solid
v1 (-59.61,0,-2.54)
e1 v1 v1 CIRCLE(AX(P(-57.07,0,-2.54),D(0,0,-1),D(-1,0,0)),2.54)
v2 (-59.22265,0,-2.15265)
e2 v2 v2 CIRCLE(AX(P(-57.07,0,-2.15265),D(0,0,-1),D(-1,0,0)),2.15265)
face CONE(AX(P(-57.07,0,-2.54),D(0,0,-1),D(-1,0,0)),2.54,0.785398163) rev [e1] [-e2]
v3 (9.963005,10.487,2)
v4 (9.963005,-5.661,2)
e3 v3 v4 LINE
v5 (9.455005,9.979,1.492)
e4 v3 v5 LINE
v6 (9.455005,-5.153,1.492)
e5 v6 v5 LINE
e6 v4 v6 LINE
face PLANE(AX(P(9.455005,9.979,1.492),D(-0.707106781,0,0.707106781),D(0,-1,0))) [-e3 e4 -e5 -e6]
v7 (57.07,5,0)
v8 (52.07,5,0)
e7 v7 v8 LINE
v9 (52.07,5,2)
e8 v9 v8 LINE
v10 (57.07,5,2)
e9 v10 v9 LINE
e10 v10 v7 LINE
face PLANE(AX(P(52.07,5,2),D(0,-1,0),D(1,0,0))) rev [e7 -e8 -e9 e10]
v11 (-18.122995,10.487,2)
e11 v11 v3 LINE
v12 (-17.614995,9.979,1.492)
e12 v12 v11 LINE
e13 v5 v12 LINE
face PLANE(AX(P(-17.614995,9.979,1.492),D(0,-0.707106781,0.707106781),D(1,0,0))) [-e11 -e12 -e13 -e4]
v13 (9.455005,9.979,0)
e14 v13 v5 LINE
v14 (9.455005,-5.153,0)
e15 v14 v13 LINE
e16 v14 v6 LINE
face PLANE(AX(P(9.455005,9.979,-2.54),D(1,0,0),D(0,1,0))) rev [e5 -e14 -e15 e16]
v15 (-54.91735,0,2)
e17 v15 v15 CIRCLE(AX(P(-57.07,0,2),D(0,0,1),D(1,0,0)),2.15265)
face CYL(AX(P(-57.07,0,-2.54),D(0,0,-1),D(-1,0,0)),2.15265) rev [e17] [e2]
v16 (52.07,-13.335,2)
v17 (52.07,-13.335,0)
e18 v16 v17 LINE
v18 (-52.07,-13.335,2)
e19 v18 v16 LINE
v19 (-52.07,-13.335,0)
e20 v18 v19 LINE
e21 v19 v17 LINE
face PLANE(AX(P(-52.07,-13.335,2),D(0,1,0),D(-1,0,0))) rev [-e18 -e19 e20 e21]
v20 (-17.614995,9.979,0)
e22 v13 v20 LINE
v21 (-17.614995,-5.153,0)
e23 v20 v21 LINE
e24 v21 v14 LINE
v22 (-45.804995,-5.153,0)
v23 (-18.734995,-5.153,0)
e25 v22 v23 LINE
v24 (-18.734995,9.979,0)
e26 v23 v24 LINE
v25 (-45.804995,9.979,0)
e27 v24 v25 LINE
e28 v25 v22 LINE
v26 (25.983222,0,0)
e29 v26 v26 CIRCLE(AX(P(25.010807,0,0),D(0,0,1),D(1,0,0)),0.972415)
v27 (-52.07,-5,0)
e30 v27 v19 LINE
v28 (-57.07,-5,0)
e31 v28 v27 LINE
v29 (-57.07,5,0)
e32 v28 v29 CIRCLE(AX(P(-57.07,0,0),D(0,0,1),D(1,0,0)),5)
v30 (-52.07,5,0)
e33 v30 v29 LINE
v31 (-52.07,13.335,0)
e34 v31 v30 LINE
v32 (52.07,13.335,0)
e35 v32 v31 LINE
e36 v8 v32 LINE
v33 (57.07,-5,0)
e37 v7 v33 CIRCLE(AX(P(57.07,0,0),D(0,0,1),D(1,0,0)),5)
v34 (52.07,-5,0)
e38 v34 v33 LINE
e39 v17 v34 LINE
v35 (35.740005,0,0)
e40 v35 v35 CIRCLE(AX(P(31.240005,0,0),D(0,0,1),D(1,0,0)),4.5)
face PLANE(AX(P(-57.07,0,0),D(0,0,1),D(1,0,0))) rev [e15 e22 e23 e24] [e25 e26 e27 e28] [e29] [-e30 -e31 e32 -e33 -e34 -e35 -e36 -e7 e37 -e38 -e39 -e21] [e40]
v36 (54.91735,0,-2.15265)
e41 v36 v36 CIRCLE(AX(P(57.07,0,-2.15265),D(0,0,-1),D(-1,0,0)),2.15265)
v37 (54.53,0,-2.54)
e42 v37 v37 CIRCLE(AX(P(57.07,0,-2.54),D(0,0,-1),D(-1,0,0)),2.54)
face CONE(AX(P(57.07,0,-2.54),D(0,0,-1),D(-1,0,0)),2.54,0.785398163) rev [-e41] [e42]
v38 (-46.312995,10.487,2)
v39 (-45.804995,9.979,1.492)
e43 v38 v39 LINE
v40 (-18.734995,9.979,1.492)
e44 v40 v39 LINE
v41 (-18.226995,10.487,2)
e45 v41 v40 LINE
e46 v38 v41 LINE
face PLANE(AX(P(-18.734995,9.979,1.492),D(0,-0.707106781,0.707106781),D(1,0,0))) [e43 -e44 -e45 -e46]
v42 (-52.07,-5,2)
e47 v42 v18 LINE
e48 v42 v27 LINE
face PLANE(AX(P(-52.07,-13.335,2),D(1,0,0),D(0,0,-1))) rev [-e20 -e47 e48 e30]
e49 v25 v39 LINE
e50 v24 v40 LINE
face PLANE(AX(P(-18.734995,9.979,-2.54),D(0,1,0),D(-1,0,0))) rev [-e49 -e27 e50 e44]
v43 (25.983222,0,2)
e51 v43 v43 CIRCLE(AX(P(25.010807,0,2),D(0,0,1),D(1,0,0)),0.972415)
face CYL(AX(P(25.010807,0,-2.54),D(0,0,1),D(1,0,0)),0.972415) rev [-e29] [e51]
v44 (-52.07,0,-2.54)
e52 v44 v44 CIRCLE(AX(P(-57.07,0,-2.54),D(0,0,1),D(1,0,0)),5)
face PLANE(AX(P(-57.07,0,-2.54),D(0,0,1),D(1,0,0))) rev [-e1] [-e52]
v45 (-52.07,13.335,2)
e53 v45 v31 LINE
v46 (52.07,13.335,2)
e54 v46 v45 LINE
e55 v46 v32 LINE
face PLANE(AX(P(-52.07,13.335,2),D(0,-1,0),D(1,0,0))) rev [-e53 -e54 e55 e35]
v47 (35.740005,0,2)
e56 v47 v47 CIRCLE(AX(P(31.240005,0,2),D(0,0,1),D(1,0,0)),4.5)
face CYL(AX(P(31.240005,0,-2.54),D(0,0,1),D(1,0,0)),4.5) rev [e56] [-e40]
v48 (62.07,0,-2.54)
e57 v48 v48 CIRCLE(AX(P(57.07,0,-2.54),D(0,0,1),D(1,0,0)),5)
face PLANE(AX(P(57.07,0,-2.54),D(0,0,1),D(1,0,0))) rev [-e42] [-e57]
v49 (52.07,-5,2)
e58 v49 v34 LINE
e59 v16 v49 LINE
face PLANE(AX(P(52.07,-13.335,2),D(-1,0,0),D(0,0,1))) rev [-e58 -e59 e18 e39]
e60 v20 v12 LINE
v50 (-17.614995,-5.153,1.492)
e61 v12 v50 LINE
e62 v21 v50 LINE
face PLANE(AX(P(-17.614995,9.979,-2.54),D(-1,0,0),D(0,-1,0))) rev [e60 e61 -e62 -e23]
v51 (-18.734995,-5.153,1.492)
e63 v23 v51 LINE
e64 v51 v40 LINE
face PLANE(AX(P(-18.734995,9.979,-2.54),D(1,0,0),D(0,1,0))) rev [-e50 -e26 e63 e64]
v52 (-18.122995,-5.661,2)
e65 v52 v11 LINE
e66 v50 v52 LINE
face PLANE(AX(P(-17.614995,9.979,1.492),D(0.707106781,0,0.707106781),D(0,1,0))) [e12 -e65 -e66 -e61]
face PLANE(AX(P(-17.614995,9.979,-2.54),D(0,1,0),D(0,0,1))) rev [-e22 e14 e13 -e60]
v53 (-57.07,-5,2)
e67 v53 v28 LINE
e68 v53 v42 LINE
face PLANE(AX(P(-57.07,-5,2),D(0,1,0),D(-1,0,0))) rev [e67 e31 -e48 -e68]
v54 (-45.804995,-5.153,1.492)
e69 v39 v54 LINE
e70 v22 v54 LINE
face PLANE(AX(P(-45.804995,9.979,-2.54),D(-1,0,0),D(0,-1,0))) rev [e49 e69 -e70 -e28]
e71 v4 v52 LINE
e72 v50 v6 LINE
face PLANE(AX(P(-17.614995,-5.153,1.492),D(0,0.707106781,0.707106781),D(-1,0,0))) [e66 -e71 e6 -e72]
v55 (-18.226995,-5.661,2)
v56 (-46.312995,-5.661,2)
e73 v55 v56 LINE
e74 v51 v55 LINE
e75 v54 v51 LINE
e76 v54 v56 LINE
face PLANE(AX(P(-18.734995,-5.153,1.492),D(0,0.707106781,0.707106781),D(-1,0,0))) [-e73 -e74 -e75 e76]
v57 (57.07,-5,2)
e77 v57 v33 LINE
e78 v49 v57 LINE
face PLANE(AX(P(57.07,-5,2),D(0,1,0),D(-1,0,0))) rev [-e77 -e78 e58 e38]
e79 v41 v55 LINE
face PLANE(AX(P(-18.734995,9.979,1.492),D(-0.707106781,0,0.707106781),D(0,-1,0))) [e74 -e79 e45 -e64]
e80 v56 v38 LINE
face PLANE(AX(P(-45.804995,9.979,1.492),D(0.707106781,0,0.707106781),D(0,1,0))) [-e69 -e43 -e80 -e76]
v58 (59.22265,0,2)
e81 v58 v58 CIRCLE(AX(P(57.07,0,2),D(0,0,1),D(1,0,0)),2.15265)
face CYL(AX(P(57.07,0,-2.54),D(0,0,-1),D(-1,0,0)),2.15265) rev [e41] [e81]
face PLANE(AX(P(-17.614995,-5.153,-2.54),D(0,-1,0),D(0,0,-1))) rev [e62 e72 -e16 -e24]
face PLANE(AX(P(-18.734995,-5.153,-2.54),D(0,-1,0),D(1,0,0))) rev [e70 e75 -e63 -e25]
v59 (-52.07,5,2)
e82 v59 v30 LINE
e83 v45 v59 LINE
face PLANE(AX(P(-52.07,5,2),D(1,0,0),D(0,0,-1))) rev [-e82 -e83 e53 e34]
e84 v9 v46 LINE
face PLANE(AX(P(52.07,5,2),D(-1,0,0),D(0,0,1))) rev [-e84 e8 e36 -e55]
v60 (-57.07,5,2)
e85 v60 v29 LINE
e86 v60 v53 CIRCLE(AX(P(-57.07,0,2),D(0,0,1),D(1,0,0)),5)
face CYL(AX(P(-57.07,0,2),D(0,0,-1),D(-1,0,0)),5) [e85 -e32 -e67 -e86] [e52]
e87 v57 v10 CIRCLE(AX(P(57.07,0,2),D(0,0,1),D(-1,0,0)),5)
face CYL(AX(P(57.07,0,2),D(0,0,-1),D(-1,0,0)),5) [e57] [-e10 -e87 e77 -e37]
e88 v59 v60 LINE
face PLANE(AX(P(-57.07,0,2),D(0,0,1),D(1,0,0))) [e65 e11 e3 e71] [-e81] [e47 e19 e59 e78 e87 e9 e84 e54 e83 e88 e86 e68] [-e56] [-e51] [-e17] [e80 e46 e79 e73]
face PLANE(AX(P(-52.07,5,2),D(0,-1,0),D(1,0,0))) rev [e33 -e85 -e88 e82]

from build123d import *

# Parameters (mm, degrees)
BOSS_EXTRUDE1_DEPTH                    = 2
BOSS_EXTRUDE2_START                    = -2.54
SKETCH5_R                              = 5.00000016
BOSS_EXTRUDE2_DEPTH                    = 2.54
F_18_0_1695_DIAMETER_HOLE1_D           = 4.3053
F_18_0_1695_DIAMETER_HOLE1_DEPTH       = 4.572
F_18_0_1695_DIAMETER_HOLE1_CSINK_D     = 5.08
F_18_0_1695_DIAMETER_HOLE1_CSINK_ANGLE = 90
F_18_0_1695_DIAMETER_HOLE1_TIP         = 1.293442612
SKETCH3_R                              = 4.5
SKETCH3_R_2                            = 0.97241532
SKETCH3_W                              = 27.07
SKETCH3_H                              = 15.132
CUT_EXTRUDE1_DEPTH                     = 64.648399546
CHAMFER1_SIZE                          = 0.508


with BuildPart() as part:
    # Sketch1 → Boss-Extrude1 (new body)
    with BuildSketch(Plane.XY):
        with BuildLine():
            Line((-52.07, 5.00000016), (-57.07000016, 5.00000016))
            ThreePointArc((-57.07000016, 5.00000016), (-62.07000032, 0), (-57.07000016, -5.00000016))
            Line((-57.07000016, -5.00000016), (-52.07, -5.00000016))
            Line((-52.07, -5.00000016), (-52.07, -13.335))
            Line((-52.07, -13.335), (52.07, -13.335))
            Line((52.07, -13.335), (52.07, -5.00000016))
            Line((52.07, -5.00000016), (57.07000016, -5.00000016))
            ThreePointArc((57.07000016, -5.00000016), (62.07000032, 0), (57.07000016, 5.00000016))
            Line((57.07000016, 5.00000016), (52.07, 5.00000016))
            Line((52.07, 5.00000016), (52.07, 13.335))
            Line((52.07, 13.335), (-52.07, 13.335))
            Line((-52.07, 13.335), (-52.07, 5.00000016))
        make_face()
    extrude(amount=BOSS_EXTRUDE1_DEPTH)

    # Sketch5 → Boss-Extrude2 (add)
    with BuildSketch(Plane.XY.offset(BOSS_EXTRUDE2_START)):
        with Locations(Location((-57.07000016, 0, 0), (0, 0, 90))):
            Circle(SKETCH5_R)
        with Locations(Location((57.07000016, 0, 0), (0, 0, 270))):
            Circle(SKETCH5_R)
    extrude(amount=BOSS_EXTRUDE2_DEPTH)

    # #18 (0.1695) Diameter Hole1
    with Locations(Plane(origin=(0, 0, -2.54), x_dir=(-1, 0, 0), z_dir=(0, 0, -1))):
        with Locations((57.07000016, 0), (-57.07000016, 0)):
            CounterSinkHole(F_18_0_1695_DIAMETER_HOLE1_D / 2, F_18_0_1695_DIAMETER_HOLE1_CSINK_D / 2, depth=F_18_0_1695_DIAMETER_HOLE1_DEPTH, counter_sink_angle=F_18_0_1695_DIAMETER_HOLE1_CSINK_ANGLE)
            with Locations((0, 0, -(F_18_0_1695_DIAMETER_HOLE1_DEPTH + F_18_0_1695_DIAMETER_HOLE1_TIP / 2))):  # 118° drill point
                Cone(0, F_18_0_1695_DIAMETER_HOLE1_D / 2, F_18_0_1695_DIAMETER_HOLE1_TIP, mode=Mode.SUBTRACT)

    # Sketch3 → Cut-Extrude1 (cut, through all)
    with BuildSketch(Plane.XY.offset(2)):
        with Locations((31.240005277, 0)):
            Circle(SKETCH3_R)
        with Locations((25.010807092, 0)):
            Circle(SKETCH3_R_2)
        with Locations((-4.079994723, 2.413)):
            Rectangle(SKETCH3_W, SKETCH3_H)
        with Locations((-32.269994731, 2.413)):
            Rectangle(SKETCH3_W, SKETCH3_H)
    extrude(amount=-CUT_EXTRUDE1_DEPTH, mode=Mode.SUBTRACT)

    # Chamfer1
    chamfer1_edges = [part.edges().sort_by_distance(p)[0] for p in [
        (-18.734994731, 2.413, 2),
        (-32.269994731, 9.979, 2),
        (-45.804994731, 2.413, 2),
        (-32.269994731, -5.153, 2),
        (-17.614994723, 2.413, 2),
        (-4.079994723, -5.153, 2),
        (9.455005277, 2.413, 2),
        (-4.079994723, 9.979, 2),
    ]]
    chamfer(chamfer1_edges, length=CHAMFER1_SIZE)


solid = part.part
